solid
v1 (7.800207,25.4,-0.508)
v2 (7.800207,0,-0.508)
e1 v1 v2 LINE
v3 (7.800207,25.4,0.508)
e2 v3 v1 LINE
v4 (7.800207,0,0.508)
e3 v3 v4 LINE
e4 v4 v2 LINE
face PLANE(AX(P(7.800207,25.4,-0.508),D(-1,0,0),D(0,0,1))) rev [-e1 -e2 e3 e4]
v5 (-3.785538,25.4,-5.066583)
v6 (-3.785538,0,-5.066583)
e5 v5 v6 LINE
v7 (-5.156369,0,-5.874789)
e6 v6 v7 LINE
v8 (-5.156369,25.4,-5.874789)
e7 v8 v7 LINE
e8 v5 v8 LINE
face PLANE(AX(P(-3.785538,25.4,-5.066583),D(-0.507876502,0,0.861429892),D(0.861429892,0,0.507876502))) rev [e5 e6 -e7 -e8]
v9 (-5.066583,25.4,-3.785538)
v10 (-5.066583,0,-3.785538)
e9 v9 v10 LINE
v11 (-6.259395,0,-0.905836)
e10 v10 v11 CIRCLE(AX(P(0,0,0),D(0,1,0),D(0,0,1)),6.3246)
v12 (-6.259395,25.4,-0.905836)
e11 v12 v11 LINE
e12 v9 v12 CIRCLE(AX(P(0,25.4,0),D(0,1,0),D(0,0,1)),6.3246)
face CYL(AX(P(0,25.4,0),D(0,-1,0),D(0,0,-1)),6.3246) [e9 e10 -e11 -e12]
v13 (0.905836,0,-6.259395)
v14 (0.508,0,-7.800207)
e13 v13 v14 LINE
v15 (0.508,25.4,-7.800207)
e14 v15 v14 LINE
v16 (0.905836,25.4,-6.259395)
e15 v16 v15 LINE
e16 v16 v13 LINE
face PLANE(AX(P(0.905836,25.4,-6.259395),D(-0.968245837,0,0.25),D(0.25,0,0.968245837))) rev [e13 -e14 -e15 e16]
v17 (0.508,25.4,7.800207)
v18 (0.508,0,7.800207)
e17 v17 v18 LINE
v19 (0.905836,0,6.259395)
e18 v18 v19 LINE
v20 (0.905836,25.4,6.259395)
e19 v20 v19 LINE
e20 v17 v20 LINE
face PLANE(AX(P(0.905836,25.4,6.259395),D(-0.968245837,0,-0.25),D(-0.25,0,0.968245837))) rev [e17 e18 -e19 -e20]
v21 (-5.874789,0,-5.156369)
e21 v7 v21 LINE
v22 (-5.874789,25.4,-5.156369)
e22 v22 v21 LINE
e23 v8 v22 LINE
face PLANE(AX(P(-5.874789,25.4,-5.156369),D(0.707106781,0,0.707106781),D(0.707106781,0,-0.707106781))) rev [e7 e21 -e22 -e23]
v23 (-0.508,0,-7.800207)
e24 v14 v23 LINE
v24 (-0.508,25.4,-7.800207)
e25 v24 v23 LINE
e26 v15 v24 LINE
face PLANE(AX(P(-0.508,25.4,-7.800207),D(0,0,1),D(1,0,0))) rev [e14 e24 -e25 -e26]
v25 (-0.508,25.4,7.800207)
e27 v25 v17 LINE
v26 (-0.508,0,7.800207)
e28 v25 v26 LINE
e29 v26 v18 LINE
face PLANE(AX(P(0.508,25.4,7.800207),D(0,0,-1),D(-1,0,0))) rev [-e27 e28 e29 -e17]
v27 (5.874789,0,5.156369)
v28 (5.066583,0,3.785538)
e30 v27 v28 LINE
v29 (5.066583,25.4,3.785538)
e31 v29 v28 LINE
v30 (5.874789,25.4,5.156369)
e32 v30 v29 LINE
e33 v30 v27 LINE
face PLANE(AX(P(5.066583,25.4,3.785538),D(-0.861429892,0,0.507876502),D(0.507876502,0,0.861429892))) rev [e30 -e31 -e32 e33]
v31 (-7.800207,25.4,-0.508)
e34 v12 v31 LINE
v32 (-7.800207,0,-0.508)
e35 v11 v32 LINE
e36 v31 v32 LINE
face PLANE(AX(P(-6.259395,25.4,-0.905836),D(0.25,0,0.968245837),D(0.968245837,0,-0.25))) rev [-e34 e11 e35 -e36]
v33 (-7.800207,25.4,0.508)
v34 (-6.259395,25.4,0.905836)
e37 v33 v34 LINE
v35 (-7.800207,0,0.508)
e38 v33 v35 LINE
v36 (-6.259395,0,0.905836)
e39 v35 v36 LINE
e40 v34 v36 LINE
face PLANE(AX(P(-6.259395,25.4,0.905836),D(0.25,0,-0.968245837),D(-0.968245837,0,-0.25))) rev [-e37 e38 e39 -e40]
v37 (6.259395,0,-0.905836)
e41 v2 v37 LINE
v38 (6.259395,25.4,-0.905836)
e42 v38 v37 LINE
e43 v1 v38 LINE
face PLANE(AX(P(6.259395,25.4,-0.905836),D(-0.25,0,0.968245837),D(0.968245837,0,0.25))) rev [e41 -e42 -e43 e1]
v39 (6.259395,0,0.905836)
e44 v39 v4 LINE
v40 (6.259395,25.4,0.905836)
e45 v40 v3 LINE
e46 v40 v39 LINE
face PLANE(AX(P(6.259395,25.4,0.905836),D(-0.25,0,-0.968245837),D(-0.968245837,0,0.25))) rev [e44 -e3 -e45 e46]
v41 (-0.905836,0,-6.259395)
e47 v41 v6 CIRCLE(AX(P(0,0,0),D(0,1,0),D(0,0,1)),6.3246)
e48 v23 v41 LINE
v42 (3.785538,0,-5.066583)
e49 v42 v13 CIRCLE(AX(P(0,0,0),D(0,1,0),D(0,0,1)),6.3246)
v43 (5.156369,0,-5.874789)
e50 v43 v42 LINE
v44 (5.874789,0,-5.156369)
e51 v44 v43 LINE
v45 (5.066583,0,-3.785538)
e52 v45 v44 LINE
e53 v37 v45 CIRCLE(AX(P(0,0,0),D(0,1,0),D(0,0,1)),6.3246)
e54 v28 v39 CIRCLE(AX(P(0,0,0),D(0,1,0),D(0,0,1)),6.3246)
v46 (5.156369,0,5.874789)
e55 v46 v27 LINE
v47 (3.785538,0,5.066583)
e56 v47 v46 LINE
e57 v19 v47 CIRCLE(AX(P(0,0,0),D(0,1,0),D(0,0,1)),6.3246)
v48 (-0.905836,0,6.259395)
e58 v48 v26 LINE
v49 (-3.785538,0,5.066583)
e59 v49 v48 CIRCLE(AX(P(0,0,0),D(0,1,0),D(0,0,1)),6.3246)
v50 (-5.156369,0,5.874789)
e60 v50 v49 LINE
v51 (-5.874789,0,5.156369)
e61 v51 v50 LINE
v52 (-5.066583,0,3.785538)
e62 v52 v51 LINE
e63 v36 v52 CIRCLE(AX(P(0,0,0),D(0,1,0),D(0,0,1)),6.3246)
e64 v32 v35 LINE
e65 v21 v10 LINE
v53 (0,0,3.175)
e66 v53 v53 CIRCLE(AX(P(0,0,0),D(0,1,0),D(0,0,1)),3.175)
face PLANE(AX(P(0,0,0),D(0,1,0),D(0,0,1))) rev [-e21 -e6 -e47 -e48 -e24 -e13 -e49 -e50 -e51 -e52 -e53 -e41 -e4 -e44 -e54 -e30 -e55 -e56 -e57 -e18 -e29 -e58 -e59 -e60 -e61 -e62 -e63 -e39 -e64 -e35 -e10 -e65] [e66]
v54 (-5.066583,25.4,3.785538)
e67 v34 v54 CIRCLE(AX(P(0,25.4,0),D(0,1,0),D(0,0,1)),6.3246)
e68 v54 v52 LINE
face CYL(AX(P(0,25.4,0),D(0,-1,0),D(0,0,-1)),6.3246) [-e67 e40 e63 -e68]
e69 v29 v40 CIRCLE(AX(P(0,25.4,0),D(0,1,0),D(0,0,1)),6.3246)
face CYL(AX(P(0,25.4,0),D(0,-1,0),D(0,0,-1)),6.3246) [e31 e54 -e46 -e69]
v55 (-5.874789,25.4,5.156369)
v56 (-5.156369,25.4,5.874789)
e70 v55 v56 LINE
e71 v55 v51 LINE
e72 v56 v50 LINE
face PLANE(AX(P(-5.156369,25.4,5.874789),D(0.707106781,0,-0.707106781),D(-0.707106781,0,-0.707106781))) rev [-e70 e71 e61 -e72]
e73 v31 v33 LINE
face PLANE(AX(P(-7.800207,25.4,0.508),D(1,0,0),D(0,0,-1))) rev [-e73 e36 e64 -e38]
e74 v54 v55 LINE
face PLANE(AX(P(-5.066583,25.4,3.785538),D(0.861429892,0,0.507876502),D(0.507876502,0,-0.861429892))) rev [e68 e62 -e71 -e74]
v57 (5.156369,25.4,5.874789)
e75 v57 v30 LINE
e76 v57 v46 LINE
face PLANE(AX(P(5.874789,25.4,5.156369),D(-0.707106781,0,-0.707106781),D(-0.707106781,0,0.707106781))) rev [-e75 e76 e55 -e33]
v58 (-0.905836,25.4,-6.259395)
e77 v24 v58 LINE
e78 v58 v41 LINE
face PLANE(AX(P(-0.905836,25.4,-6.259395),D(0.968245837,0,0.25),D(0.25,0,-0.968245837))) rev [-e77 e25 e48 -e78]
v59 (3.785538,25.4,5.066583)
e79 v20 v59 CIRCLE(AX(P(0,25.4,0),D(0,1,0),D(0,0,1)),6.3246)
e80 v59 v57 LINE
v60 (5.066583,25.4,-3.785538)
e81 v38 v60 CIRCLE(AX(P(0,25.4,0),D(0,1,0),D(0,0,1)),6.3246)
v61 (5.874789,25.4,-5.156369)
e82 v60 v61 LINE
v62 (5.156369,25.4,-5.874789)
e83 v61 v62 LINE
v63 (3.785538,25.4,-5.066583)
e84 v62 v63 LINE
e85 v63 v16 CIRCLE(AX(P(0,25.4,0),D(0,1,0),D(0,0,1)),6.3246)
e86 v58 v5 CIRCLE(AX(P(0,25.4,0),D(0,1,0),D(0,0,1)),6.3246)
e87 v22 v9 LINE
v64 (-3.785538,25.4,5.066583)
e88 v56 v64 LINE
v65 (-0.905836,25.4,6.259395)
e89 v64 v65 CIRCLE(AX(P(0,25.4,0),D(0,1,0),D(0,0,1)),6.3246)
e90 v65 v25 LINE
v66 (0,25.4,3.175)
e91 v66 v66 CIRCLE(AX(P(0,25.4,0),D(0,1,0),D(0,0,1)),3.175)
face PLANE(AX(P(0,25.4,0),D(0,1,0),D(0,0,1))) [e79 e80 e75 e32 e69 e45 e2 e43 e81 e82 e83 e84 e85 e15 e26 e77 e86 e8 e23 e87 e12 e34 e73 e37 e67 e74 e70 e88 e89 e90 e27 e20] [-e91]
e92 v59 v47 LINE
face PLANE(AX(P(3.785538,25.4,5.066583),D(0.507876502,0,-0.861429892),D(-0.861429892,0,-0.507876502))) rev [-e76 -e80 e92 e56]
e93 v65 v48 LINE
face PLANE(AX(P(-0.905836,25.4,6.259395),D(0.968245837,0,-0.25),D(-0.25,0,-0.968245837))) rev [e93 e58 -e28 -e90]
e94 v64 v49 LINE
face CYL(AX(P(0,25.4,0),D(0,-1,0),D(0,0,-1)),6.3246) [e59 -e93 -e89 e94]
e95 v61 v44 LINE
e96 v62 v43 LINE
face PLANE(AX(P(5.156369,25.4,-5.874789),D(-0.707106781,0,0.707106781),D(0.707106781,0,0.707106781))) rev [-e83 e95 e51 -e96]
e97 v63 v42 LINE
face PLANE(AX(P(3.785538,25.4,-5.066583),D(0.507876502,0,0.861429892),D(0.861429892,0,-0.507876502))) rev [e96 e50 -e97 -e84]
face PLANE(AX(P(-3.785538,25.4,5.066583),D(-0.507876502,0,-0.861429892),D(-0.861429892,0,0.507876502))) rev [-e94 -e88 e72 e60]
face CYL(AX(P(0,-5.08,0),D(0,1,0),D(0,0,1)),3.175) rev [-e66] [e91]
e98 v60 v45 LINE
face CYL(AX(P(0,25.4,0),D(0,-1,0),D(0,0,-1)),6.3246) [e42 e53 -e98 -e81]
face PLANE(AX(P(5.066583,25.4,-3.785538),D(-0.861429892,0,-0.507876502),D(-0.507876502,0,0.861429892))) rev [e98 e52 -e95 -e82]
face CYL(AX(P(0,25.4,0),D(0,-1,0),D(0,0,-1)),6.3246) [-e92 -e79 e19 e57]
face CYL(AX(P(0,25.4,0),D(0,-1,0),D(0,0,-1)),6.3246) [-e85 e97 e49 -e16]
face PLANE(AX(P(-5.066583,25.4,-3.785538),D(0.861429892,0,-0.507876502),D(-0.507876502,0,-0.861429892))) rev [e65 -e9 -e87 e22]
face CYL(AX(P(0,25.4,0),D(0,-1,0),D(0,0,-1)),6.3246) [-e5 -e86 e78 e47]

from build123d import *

# Parameters (mm, degrees)
BOSS_EXTRUDE4_DEPTH = 25.4
SKETCH9_R           = 3.175
CUT_EXTRUDE3_DEPTH  = 30.48


with BuildPart() as part:
    # Sketch8 → Boss-Extrude4 (new body)
    with BuildSketch(Plane(origin=(0, 0, 0), x_dir=(1, 0, 0), z_dir=(0, 1, 0))):
        with BuildLine():
            Line((-0.905835842, 6.259395066), (-0.508, 7.800206655))
            Line((-0.508, 7.800206655), (0.508, 7.800206655))
            Line((0.508, 7.800206655), (0.905835842, 6.259395066))
            ThreePointArc((0.905835842, 6.259395066), (2.420319636, 5.843168491), (3.785538031, 5.066583363))
            Line((3.785538031, 5.066583363), (5.156368775, 5.874789265))
            Line((5.156368775, 5.874789265), (5.874789265, 5.156368775))
            Line((5.874789265, 5.156368775), (5.066583363, 3.785538031))
            ThreePointArc((5.066583363, 3.785538031), (5.843168491, 2.420319636), (6.259395066, 0.905835842))
            Line((6.259395066, 0.905835842), (7.800206655, 0.508))
            Line((7.800206655, 0.508), (7.800206655, -0.508))
            Line((7.800206655, -0.508), (6.259395066, -0.905835842))
            ThreePointArc((6.259395066, -0.905835842), (5.843168491, -2.420319636), (5.066583363, -3.785538031))
            Line((5.066583363, -3.785538031), (5.874789265, -5.156368775))
            Line((5.874789265, -5.156368775), (5.156368775, -5.874789265))
            Line((5.156368775, -5.874789265), (3.785538031, -5.066583363))
            ThreePointArc((3.785538031, -5.066583363), (2.420319636, -5.843168491), (0.905835842, -6.259395066))
            Line((0.905835842, -6.259395066), (0.508, -7.800206655))
            Line((0.508, -7.800206655), (-0.508, -7.800206655))
            Line((-0.508, -7.800206655), (-0.905835842, -6.259395066))
            ThreePointArc((-0.905835842, -6.259395066), (-2.420319636, -5.843168491), (-3.785538031, -5.066583363))
            Line((-3.785538031, -5.066583363), (-5.156368775, -5.874789265))
            Line((-5.156368775, -5.874789265), (-5.874789265, -5.156368775))
            Line((-5.874789265, -5.156368775), (-5.066583363, -3.785538031))
            ThreePointArc((-5.066583363, -3.785538031), (-5.843168491, -2.420319636), (-6.259395066, -0.905835842))
            Line((-6.259395066, -0.905835842), (-7.800206655, -0.508))
            Line((-7.800206655, -0.508), (-7.800206655, 0.508))
            Line((-7.800206655, 0.508), (-6.259395066, 0.905835842))
            ThreePointArc((-6.259395066, 0.905835842), (-5.843168491, 2.420319636), (-5.066583363, 3.785538031))
            Line((-5.066583363, 3.785538031), (-5.874789265, 5.156368775))
            Line((-5.874789265, 5.156368775), (-5.156368775, 5.874789265))
            Line((-5.156368775, 5.874789265), (-3.785538031, 5.066583363))
            ThreePointArc((-3.785538031, 5.066583363), (-2.420319636, 5.843168491), (-0.905835842, 6.259395066))
        make_face()
    extrude(amount=BOSS_EXTRUDE4_DEPTH)

    # Sketch9 → Cut-Extrude3 (cut)
    with BuildSketch(Plane(origin=(0, 25.4, 0), x_dir=(1, 0, 0), z_dir=(0, 1, 0))):
        Circle(SKETCH9_R)
    extrude(amount=-CUT_EXTRUDE3_DEPTH, mode=Mode.SUBTRACT)


solid = part.part
